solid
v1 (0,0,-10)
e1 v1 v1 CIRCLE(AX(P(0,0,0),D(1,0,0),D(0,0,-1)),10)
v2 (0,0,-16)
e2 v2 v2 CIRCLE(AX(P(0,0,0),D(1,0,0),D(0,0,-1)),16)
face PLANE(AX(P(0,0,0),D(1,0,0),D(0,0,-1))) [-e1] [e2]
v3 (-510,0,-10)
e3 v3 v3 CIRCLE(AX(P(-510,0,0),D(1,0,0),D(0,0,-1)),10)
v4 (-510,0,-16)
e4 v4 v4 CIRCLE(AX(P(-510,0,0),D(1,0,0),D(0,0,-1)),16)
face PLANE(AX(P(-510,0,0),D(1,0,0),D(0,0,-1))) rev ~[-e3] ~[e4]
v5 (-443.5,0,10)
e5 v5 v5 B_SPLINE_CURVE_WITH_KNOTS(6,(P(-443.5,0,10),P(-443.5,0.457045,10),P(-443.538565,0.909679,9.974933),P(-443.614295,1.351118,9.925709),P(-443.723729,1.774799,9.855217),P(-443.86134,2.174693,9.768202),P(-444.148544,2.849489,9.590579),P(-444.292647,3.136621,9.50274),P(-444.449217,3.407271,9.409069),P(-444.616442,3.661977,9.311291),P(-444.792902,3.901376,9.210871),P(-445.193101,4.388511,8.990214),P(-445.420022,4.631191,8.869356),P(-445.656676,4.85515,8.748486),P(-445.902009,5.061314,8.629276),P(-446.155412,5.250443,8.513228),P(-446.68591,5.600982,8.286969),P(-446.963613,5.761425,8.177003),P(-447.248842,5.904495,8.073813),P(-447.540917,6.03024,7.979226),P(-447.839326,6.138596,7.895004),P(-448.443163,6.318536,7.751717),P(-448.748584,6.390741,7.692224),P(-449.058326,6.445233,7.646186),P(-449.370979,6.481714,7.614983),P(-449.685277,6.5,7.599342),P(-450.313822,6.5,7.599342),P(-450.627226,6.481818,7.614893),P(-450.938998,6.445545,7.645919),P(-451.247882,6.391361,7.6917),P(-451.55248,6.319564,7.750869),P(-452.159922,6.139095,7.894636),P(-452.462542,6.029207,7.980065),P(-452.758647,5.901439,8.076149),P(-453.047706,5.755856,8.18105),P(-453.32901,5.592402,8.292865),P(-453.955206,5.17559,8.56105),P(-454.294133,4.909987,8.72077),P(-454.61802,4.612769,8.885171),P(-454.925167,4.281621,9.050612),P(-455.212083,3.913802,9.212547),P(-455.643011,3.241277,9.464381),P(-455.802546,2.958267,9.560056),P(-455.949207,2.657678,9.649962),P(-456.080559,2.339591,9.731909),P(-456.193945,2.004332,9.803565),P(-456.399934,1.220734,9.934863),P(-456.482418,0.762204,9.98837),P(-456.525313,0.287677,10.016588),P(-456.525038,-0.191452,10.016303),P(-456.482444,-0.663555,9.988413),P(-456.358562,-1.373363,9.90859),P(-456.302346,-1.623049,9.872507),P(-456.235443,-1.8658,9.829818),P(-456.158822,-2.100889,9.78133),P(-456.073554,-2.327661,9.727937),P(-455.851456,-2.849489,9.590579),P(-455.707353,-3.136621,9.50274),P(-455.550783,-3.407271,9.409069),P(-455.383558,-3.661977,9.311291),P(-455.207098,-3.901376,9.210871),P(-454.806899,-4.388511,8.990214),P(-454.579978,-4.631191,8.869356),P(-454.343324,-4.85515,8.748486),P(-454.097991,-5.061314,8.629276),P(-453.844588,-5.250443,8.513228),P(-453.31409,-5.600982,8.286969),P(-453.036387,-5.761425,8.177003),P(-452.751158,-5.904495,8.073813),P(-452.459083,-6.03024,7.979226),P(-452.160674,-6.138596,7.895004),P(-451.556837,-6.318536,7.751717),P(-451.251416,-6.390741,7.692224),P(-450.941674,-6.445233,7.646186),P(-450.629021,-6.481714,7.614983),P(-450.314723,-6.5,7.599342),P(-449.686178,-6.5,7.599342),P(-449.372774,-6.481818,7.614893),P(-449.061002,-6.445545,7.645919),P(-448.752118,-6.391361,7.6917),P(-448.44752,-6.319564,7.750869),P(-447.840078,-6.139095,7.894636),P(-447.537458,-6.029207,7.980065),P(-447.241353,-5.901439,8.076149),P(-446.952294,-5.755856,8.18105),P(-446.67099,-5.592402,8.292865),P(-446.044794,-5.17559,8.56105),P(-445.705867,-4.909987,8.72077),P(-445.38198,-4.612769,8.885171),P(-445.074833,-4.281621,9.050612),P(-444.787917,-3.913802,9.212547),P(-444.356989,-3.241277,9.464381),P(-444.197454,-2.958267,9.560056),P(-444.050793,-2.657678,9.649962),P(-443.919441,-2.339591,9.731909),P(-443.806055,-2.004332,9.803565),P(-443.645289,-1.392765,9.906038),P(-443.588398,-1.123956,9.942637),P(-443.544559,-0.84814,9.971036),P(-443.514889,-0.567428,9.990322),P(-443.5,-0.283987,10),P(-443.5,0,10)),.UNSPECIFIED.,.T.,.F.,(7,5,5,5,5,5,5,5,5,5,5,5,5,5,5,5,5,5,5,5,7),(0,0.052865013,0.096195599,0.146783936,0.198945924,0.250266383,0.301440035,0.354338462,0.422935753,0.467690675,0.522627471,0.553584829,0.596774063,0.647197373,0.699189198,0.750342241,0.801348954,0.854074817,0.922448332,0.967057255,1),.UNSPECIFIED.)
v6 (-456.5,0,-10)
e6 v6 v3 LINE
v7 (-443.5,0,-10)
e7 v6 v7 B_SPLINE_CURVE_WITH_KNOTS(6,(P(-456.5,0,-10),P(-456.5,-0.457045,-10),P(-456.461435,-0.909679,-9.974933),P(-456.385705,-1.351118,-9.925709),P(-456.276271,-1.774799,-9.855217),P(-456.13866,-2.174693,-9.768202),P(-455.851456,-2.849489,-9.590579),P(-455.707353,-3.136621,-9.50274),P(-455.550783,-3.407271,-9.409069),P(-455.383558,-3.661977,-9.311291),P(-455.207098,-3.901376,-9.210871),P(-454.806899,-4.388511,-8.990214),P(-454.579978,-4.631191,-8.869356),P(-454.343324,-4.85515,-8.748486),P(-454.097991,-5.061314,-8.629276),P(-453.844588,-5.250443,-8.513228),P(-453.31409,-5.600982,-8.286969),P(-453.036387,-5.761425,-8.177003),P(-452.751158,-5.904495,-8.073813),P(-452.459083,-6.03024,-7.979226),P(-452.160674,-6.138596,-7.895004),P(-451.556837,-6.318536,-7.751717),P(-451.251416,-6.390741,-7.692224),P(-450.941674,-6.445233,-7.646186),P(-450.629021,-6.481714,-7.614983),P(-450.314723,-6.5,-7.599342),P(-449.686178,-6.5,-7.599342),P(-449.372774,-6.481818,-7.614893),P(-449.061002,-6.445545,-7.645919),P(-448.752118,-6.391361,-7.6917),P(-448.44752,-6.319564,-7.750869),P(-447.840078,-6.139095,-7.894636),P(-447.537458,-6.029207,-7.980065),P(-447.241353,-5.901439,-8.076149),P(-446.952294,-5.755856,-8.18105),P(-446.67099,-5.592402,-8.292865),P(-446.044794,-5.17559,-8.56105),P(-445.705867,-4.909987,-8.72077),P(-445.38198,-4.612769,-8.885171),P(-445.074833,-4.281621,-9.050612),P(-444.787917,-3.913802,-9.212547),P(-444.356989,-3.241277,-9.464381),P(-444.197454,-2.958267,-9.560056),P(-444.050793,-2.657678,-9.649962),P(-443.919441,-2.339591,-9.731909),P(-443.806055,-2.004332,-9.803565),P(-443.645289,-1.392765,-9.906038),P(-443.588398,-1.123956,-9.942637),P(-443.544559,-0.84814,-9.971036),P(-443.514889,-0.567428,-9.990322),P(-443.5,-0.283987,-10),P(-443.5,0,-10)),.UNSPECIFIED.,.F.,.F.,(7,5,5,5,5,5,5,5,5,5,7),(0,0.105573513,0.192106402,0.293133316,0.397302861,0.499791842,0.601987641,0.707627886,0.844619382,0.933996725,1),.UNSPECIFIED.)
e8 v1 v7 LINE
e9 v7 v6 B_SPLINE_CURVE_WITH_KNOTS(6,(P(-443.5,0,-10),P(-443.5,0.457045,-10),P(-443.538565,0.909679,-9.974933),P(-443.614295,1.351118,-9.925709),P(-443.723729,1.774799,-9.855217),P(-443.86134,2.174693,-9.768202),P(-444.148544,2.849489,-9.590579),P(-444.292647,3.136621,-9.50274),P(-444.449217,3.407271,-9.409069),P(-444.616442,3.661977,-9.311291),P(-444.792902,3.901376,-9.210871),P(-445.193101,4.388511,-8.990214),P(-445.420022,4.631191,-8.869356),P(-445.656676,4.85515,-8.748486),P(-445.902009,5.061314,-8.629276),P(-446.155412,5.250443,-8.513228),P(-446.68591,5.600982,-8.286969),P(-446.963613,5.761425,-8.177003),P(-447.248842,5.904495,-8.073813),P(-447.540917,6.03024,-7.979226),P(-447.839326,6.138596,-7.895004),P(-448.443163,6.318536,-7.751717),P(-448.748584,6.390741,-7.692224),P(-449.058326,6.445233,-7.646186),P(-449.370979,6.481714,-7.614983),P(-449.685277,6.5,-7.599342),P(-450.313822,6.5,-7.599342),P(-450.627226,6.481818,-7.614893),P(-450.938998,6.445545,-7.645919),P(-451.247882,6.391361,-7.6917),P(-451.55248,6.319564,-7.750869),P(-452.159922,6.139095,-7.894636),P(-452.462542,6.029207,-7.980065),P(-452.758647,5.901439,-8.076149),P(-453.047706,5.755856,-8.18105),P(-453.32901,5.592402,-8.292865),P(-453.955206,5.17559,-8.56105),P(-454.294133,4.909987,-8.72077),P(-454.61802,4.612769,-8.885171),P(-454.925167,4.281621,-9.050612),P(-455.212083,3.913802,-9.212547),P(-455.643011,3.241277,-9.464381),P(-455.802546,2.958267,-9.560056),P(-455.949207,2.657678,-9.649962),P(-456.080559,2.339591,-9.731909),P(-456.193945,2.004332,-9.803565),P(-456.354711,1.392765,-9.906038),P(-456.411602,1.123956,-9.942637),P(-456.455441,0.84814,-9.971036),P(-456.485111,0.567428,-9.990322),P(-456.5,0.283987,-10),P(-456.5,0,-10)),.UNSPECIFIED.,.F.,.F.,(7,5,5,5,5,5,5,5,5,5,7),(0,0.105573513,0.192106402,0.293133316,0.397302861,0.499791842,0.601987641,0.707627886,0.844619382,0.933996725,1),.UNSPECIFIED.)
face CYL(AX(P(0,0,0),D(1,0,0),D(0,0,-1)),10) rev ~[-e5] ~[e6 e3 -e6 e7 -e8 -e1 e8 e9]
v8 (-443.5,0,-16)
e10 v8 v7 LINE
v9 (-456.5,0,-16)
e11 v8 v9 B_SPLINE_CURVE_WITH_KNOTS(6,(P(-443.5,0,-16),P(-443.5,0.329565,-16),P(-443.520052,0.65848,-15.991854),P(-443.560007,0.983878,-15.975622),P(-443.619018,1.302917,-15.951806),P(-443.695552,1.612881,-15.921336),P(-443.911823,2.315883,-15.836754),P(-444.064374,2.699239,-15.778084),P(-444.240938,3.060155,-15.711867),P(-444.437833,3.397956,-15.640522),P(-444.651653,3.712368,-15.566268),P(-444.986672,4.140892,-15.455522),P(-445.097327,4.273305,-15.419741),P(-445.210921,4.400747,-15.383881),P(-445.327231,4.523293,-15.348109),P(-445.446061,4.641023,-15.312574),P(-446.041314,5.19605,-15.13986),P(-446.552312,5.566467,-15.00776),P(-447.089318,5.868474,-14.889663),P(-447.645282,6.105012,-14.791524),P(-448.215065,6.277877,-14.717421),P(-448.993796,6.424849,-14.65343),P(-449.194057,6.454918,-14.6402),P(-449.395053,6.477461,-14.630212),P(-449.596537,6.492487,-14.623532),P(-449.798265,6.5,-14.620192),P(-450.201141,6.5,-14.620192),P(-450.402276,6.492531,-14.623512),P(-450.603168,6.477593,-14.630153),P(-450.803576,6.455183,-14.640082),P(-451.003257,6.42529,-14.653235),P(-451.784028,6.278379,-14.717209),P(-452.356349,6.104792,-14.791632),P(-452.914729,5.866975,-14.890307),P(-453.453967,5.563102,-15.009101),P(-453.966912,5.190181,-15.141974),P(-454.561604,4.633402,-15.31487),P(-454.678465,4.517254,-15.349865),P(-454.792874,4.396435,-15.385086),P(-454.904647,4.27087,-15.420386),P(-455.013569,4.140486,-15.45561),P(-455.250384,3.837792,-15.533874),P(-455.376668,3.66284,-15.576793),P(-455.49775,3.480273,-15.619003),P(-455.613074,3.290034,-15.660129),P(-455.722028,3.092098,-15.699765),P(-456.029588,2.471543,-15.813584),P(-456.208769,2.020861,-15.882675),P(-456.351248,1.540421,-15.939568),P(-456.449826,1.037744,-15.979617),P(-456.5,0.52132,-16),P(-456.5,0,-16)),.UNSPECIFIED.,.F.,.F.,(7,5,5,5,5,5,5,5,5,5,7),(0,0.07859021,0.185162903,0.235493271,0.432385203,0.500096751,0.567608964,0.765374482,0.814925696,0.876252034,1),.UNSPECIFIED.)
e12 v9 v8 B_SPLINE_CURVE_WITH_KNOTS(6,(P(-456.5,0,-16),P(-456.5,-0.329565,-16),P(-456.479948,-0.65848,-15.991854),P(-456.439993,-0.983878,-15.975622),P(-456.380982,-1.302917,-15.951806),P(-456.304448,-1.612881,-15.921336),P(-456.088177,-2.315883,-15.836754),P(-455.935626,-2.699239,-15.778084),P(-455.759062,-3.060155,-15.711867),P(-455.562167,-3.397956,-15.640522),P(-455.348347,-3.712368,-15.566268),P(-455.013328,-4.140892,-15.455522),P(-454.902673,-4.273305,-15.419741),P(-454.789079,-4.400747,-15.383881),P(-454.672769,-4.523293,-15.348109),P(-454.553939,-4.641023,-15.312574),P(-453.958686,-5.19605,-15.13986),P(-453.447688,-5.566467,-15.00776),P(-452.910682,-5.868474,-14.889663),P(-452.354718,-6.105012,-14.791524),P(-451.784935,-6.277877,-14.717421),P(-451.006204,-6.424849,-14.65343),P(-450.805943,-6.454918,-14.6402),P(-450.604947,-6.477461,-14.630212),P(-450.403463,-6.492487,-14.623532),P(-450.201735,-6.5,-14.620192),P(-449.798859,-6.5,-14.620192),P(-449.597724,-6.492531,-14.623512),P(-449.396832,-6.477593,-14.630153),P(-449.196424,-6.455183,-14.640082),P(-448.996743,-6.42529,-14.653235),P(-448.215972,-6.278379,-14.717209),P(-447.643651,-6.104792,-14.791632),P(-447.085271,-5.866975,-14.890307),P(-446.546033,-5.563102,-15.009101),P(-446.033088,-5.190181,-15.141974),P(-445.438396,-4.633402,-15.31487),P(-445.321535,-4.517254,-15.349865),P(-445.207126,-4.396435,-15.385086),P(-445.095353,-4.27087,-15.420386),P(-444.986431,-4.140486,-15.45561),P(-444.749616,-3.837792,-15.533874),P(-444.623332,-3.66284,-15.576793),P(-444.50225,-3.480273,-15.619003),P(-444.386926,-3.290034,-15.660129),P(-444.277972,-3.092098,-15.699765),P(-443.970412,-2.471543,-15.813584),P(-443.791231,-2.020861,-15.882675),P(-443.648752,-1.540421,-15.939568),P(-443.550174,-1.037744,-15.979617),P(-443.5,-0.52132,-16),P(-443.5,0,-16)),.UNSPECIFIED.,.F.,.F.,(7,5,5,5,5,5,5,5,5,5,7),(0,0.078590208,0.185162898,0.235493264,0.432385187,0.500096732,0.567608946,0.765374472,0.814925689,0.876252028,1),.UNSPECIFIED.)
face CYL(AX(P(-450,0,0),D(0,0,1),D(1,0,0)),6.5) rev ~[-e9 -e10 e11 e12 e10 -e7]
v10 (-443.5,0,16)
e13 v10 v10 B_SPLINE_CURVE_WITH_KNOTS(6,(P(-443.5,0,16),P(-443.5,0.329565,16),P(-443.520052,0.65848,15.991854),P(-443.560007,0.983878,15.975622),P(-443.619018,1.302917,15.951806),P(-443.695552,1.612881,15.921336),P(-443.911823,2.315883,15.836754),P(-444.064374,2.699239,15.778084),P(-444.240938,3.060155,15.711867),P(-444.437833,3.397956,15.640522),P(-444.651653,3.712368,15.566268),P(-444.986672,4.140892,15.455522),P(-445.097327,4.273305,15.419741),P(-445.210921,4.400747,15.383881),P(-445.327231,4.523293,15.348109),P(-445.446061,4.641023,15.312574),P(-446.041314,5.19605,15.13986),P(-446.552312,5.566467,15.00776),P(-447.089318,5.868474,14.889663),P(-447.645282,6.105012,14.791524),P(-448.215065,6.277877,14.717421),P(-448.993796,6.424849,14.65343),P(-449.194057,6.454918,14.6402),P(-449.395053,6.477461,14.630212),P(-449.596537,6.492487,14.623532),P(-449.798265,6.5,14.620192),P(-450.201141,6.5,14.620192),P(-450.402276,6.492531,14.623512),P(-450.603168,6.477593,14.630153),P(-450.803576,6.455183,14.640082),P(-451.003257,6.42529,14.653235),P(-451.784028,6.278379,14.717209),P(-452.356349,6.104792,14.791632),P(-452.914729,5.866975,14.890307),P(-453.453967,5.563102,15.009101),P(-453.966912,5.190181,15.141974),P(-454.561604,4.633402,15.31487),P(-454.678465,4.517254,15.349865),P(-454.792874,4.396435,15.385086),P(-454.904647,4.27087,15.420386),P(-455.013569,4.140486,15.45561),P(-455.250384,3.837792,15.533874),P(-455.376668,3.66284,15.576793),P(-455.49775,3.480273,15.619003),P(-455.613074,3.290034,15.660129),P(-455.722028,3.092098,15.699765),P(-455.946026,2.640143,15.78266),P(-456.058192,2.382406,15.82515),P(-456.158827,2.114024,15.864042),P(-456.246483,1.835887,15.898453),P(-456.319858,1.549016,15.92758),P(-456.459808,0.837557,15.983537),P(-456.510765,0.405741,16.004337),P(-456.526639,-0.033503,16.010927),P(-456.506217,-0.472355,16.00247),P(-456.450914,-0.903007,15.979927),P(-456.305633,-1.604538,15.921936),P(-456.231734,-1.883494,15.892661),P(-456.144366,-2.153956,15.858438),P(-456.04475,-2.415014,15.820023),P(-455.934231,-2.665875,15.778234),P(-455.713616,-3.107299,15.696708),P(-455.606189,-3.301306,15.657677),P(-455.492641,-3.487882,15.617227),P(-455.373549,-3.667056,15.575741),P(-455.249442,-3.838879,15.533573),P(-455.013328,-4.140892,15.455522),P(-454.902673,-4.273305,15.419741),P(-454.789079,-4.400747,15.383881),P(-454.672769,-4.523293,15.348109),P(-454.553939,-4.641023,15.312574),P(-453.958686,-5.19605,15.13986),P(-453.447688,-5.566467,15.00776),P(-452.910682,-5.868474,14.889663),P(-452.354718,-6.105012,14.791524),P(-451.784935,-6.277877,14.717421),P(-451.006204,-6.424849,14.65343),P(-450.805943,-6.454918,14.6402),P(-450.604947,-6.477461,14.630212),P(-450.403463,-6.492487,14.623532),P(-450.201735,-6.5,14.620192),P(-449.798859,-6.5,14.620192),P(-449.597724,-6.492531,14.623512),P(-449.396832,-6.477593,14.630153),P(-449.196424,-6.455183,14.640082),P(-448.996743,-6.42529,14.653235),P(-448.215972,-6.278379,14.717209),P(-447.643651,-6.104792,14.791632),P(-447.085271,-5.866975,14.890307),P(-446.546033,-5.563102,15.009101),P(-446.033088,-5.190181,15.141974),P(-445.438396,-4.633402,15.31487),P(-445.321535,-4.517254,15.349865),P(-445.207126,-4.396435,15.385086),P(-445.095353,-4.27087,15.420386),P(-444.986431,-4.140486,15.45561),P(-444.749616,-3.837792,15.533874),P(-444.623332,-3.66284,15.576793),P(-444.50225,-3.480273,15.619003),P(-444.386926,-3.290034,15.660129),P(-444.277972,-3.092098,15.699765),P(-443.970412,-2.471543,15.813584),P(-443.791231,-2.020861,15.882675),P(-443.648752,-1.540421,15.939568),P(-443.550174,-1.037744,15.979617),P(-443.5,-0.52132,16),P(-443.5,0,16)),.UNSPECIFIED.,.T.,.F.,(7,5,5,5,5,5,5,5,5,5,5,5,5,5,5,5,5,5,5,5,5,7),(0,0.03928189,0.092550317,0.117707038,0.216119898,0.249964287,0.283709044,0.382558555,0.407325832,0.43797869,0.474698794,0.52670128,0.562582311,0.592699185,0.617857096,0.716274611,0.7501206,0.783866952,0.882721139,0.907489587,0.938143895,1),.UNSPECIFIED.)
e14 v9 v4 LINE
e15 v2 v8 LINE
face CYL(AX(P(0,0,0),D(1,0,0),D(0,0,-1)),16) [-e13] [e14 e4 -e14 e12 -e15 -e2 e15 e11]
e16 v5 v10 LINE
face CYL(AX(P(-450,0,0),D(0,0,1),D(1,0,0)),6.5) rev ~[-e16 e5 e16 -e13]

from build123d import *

# Parameters (mm, degrees)
SKETCH1_R           = 16
SKETCH1_R_2         = 10
BOSS_EXTRUDE1_DEPTH = 510
SKETCH2_R           = 6.5
CUT_EXTRUDE1_DEPTH  = 29.5


with BuildPart() as part:
    # Sketch1 → Boss-Extrude1 (new body)
    with BuildSketch(Plane(origin=(0, 0, 0), x_dir=(0, 0, -1), z_dir=(1, 0, 0))):
        Circle(SKETCH1_R)
        Circle(SKETCH1_R_2, mode=Mode.SUBTRACT)
    extrude(amount=-BOSS_EXTRUDE1_DEPTH)

    # Sketch2 → Cut-Extrude1 (cut, symmetric)
    with BuildSketch(Plane.XY):
        with Locations((-450, 0)):
            Circle(SKETCH2_R)
    extrude(amount=CUT_EXTRUDE1_DEPTH, both=True, mode=Mode.SUBTRACT)


solid = part.part
